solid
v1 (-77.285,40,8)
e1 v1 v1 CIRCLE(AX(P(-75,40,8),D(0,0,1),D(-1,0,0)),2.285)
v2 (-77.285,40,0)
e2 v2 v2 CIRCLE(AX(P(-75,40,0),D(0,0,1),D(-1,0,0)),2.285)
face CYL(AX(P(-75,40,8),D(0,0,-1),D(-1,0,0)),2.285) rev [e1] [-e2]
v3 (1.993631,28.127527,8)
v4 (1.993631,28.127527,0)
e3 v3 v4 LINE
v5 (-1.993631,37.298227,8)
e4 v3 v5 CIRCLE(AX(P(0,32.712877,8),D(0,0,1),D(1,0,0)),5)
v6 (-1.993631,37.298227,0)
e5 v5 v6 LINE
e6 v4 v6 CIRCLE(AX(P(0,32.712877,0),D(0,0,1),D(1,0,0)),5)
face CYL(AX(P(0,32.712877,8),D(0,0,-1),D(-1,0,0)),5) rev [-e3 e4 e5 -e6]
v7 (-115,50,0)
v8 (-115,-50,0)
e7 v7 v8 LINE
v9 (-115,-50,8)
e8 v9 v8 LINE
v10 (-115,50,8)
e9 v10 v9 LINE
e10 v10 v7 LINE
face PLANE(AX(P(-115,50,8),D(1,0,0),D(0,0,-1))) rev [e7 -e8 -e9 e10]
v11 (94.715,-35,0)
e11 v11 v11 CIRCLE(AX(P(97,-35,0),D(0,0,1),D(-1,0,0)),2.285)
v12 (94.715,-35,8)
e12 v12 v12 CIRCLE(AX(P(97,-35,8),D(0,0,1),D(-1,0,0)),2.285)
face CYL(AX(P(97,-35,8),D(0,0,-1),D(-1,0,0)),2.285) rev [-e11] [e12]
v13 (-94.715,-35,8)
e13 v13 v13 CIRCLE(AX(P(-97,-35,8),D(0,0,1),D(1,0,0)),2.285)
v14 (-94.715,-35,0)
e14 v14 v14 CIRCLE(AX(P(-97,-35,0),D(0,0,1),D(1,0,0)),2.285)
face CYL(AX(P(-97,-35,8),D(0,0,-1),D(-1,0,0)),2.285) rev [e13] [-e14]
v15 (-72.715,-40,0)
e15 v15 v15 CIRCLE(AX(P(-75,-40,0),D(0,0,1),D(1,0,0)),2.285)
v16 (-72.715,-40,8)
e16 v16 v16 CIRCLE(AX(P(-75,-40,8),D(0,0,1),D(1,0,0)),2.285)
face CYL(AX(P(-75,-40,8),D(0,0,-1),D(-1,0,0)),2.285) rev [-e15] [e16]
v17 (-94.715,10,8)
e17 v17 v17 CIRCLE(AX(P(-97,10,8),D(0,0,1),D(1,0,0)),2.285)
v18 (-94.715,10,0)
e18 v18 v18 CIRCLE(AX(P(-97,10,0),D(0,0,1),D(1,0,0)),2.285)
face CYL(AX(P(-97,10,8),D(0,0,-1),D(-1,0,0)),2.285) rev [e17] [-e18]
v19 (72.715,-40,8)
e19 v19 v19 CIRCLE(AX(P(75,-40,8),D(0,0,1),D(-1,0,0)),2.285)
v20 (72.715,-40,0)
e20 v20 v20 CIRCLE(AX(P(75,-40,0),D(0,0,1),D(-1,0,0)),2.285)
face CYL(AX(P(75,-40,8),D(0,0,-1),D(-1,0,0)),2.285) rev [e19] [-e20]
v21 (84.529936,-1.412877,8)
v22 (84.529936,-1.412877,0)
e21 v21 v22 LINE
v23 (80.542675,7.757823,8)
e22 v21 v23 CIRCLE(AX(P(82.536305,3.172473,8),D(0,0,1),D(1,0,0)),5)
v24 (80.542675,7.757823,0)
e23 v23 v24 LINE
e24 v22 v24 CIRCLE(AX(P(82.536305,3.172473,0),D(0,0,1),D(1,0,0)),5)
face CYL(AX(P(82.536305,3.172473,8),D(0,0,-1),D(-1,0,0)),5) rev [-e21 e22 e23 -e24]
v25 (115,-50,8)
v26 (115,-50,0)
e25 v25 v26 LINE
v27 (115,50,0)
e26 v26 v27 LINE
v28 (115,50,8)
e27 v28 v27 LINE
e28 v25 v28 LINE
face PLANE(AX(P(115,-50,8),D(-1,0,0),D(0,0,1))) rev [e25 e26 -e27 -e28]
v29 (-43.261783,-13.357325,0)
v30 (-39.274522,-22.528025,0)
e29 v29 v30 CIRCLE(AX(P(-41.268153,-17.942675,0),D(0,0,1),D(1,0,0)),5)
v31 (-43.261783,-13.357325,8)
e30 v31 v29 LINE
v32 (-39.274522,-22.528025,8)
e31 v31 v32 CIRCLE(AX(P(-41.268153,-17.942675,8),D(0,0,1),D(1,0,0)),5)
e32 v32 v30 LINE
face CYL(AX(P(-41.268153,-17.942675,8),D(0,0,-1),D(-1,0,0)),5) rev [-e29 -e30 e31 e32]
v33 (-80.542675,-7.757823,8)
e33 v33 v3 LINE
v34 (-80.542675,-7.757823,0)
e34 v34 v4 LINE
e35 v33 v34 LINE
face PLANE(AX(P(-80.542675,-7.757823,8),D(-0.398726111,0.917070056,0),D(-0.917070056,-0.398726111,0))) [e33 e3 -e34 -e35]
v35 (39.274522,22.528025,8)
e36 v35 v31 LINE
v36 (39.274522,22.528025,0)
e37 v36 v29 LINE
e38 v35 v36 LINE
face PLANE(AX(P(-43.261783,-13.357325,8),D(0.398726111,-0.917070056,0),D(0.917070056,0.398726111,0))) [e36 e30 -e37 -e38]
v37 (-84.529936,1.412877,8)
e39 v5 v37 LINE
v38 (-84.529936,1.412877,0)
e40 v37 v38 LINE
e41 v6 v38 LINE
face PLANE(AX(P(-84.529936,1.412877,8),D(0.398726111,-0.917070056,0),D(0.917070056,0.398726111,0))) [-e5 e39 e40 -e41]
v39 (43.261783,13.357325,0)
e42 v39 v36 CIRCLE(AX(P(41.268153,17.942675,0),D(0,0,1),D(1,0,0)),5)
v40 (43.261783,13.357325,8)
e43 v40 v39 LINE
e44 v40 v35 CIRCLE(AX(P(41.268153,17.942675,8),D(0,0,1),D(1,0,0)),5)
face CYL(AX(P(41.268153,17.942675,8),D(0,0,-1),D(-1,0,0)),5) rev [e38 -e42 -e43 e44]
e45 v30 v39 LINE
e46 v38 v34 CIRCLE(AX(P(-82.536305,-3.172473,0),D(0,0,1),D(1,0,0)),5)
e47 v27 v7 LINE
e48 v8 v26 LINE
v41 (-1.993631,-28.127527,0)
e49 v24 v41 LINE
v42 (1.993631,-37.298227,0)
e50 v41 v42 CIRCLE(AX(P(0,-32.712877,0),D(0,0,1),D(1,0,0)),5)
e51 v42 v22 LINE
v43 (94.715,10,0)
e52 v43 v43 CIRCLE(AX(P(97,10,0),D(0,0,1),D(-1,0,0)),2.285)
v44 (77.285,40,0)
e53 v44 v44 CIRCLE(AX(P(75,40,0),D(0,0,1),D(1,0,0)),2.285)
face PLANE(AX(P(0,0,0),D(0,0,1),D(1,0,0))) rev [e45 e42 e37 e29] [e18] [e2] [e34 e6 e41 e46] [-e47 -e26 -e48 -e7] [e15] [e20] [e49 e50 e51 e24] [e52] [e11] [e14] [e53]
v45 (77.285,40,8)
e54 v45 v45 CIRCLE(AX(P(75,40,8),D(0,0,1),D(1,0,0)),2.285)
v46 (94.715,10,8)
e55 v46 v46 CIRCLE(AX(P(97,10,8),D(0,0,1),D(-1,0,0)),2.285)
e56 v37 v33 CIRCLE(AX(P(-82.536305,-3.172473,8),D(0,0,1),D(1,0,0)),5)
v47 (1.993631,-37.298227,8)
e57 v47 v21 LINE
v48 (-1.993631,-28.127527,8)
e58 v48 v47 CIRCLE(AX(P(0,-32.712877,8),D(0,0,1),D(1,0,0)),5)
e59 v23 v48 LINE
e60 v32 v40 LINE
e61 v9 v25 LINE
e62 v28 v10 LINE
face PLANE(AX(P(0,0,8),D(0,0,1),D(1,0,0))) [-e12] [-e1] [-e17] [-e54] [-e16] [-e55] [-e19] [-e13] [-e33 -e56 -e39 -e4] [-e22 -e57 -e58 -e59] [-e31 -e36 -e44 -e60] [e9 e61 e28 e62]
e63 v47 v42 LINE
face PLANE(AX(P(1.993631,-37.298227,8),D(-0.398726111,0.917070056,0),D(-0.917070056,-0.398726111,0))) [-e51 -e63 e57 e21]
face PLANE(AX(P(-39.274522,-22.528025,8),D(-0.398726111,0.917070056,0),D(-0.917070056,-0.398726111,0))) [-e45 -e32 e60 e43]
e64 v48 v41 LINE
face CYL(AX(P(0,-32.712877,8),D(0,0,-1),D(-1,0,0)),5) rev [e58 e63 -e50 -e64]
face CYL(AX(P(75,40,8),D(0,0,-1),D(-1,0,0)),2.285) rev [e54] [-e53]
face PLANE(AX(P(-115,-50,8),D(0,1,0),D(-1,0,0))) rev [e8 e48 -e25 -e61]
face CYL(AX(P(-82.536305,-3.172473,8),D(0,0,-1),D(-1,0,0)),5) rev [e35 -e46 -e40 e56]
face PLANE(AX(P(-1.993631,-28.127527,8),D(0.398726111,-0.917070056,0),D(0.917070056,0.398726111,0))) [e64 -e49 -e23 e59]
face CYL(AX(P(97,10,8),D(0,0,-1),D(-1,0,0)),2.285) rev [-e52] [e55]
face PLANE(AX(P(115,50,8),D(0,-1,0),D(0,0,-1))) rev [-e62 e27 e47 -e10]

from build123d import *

# Parameters (mm, degrees)
SKETCH1_W           = 230
SKETCH1_H           = 100
SKETCH1_R           = 2.285
BOSS_EXTRUDE1_DEPTH = 8


with BuildPart() as part:
    # Sketch1 → Boss-Extrude1 (new body)
    with BuildSketch(Plane.XY):
        Rectangle(SKETCH1_W, SKETCH1_H)
        with Locations((-97, 10)):
            Circle(SKETCH1_R, mode=Mode.SUBTRACT)
        with Locations((-97, -35)):
            Circle(SKETCH1_R, mode=Mode.SUBTRACT)
        with Locations((-75, -40)):
            Circle(SKETCH1_R, mode=Mode.SUBTRACT)
        with Locations(Location((75, -40, 0), (0, 0, 180))):
            Circle(SKETCH1_R, mode=Mode.SUBTRACT)
        with Locations(Location((97, -35, 0), (0, 0, 180))):
            Circle(SKETCH1_R, mode=Mode.SUBTRACT)
        with Locations(Location((97, 10, 0), (0, 0, 180))):
            Circle(SKETCH1_R, mode=Mode.SUBTRACT)
        with Locations((75, 40)):
            Circle(SKETCH1_R, mode=Mode.SUBTRACT)
        with Locations(Location((-75, 40, 0), (0, 0, 180))):
            Circle(SKETCH1_R, mode=Mode.SUBTRACT)
        with BuildLine():
            Line((-84.52993562, 1.412877308), (-1.993630557, 37.298227335))
            ThreePointArc((-1.993630557, 37.298227335), (4.585350281, 34.706507611), (1.993630557, 28.127526773))
            Line((1.993630557, 28.127526773), (-80.542674506, -7.757823255))
            ThreePointArc((-80.542674506, -7.757823255), (-87.121655344, -5.166103531), (-84.52993562, 1.412877308))
        make_face(mode=Mode.SUBTRACT)
        with BuildLine():
            Line((-43.261783088, -13.357324732), (39.274521974, 22.528025295))
            ThreePointArc((39.274521974, 22.528025295), (45.853502813, 19.936305571), (43.261783088, 13.357324732))
            Line((43.261783088, 13.357324732), (-39.274521974, -22.528025295))
            ThreePointArc((-39.274521974, -22.528025295), (-45.853502813, -19.936305571), (-43.261783088, -13.357324732))
        make_face(mode=Mode.SUBTRACT)
        with BuildLine():
            Line((-1.993630557, -28.127526773), (80.542674506, 7.757823255))
            ThreePointArc((80.542674506, 7.757823255), (87.121655344, 5.166103531), (84.52993562, -1.412877308))
            Line((84.52993562, -1.412877308), (1.993630557, -37.298227335))
            ThreePointArc((1.993630557, -37.298227335), (-4.585350281, -34.706507611), (-1.993630557, -28.127526773))
        make_face(mode=Mode.SUBTRACT)
    extrude(amount=BOSS_EXTRUDE1_DEPTH)


solid = part.part
